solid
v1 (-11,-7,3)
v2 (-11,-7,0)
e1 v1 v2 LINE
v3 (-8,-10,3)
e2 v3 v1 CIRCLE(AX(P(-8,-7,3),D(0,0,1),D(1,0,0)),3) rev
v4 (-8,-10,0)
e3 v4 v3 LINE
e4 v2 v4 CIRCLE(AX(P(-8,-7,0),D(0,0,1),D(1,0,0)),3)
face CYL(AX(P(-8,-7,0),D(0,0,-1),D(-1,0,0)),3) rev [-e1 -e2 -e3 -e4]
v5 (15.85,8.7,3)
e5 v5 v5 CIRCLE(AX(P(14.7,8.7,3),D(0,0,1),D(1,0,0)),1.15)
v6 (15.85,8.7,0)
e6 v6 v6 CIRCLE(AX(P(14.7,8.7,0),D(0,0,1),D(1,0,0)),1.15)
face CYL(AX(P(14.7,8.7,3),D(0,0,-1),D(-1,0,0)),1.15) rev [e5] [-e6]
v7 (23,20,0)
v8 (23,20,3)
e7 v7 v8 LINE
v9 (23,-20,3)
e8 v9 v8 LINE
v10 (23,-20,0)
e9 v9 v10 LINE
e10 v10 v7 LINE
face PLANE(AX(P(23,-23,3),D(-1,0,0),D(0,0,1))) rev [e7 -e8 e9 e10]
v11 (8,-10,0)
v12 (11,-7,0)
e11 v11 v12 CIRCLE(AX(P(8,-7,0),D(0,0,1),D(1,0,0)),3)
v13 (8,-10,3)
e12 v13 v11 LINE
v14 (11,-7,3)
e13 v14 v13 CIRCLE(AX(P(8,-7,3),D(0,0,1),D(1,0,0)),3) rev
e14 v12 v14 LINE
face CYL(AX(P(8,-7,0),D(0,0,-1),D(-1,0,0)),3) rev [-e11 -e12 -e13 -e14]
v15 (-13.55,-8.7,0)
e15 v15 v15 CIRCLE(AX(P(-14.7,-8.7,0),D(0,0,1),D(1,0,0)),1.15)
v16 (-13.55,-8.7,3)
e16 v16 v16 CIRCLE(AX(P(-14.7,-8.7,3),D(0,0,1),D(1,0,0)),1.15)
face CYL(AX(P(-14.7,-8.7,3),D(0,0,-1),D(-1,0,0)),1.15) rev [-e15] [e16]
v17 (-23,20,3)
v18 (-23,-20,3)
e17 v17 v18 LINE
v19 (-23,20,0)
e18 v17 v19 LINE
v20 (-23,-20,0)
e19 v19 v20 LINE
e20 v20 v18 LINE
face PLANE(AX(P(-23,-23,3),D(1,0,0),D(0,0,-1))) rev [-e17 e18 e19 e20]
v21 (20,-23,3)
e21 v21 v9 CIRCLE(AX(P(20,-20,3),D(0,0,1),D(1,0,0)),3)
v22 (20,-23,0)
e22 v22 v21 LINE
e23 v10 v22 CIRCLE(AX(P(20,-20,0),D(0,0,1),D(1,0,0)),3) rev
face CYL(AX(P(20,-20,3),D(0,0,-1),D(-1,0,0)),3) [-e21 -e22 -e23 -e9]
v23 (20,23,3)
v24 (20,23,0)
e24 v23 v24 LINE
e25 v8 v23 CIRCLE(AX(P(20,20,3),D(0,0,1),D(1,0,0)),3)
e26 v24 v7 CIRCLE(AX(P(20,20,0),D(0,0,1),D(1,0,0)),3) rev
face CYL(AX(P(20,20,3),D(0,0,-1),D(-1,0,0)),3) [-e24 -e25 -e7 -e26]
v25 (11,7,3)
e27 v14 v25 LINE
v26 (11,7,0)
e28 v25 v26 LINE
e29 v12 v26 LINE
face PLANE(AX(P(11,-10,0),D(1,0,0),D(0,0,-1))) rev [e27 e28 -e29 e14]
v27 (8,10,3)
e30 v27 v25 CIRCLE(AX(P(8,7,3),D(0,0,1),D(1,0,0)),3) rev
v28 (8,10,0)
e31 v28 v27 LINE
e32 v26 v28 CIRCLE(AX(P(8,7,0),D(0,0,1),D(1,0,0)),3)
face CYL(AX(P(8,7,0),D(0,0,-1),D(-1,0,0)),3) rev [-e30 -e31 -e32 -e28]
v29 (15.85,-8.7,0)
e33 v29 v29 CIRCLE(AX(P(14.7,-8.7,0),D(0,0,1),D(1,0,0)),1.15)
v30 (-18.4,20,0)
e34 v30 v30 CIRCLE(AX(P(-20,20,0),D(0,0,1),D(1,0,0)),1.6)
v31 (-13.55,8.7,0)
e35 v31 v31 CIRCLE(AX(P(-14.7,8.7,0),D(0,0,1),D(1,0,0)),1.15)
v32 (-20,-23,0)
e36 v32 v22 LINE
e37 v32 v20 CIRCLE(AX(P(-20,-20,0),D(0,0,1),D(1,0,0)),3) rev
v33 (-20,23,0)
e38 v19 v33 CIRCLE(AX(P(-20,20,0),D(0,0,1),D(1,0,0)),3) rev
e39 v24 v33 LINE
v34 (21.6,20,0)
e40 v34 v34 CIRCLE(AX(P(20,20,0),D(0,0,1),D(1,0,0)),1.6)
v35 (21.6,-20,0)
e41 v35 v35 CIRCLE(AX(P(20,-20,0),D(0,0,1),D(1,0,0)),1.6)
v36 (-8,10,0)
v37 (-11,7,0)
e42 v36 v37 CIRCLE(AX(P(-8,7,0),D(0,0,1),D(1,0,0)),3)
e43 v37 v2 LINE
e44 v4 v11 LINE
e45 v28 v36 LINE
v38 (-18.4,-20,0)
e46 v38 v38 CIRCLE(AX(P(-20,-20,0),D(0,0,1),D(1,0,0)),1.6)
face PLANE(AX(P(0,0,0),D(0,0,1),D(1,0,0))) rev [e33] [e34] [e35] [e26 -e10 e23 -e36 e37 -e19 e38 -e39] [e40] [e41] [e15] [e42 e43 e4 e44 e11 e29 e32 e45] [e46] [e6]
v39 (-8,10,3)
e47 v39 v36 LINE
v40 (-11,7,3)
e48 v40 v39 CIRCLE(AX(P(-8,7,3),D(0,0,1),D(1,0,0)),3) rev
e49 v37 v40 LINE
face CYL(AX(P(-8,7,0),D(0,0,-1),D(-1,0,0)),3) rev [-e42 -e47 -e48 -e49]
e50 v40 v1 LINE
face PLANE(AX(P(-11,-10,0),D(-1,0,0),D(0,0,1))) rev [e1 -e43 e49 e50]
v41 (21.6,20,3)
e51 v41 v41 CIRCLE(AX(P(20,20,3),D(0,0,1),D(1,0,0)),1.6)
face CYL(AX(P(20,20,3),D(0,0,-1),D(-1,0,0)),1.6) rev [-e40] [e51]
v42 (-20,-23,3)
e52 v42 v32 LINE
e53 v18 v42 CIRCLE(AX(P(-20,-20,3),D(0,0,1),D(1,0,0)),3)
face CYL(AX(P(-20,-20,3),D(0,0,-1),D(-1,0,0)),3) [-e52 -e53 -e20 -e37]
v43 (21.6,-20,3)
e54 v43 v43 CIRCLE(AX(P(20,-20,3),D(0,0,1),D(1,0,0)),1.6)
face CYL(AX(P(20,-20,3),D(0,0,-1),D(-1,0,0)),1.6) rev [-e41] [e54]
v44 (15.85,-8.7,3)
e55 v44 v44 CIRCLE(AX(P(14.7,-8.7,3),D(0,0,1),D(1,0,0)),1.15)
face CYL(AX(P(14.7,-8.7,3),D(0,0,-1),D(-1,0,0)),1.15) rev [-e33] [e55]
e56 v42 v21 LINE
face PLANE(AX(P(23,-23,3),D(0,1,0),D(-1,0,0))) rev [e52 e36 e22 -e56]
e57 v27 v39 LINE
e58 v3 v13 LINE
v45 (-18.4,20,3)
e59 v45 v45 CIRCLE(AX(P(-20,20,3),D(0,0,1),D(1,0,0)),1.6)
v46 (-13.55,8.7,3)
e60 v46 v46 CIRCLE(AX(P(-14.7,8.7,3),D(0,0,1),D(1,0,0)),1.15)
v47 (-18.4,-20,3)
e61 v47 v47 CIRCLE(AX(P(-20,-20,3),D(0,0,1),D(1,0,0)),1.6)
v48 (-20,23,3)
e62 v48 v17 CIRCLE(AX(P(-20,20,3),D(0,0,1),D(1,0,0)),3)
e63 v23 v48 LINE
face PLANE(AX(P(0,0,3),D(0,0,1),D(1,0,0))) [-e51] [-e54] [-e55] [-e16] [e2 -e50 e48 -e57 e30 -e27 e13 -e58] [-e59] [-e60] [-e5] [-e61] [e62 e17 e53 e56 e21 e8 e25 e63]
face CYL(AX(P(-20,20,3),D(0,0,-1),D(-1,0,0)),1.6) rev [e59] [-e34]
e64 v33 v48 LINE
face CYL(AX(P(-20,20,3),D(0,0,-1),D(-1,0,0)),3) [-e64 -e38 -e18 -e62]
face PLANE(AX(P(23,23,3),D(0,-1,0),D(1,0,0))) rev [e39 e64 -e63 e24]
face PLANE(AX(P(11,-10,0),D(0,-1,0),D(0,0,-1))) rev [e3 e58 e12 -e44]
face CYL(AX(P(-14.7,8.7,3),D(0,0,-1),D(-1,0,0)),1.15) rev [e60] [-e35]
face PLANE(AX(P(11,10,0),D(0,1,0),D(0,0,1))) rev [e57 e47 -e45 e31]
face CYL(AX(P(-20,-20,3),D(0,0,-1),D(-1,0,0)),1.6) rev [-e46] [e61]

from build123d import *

# Parameters (mm, degrees)
SKETCH_1_W          = 46
SKETCH_1_H          = 46
SKETCH_1_R          = 1.6
SKETCH_1_R_2        = 1.15
EXTRUDE_1_DEPTH     = 3
FILLET_1_R          = 3
SKETCH_2_W          = 22
SKETCH_2_H          = 20
CUT_EXTRUDE_1_DEPTH = 3
FILLET_2_R          = 3


with BuildPart() as part:
    # 草图1 → 凸台-拉伸1 (new body)
    with BuildSketch(Plane.XY):
        Rectangle(SKETCH_1_W, SKETCH_1_H)
        with Locations((-20, 20)):
            Circle(SKETCH_1_R, mode=Mode.SUBTRACT)
        with Locations((20, 20)):
            Circle(SKETCH_1_R, mode=Mode.SUBTRACT)
        with Locations((20, -20)):
            Circle(SKETCH_1_R, mode=Mode.SUBTRACT)
        with Locations((-20, -20)):
            Circle(SKETCH_1_R, mode=Mode.SUBTRACT)
        with Locations((-14.7, 8.7)):
            Circle(SKETCH_1_R_2, mode=Mode.SUBTRACT)
        with Locations((14.7, 8.7)):
            Circle(SKETCH_1_R_2, mode=Mode.SUBTRACT)
        with Locations((14.7, -8.7)):
            Circle(SKETCH_1_R_2, mode=Mode.SUBTRACT)
        with Locations((-14.7, -8.7)):
            Circle(SKETCH_1_R_2, mode=Mode.SUBTRACT)
    extrude(amount=EXTRUDE_1_DEPTH)

    # 圆角1
    fillet_1_edges = [part.edges().sort_by_distance(p)[0] for p in [
        (-23, 23, 1.5),
        (23, 23, 1.5),
        (23, -23, 1.5),
        (-23, -23, 1.5),
    ]]
    fillet(fillet_1_edges, radius=FILLET_1_R)

    # 草图2 → 切除-拉伸1 (cut)
    with BuildSketch(Plane.XY.offset(3)):
        Rectangle(SKETCH_2_W, SKETCH_2_H)
    extrude(amount=-CUT_EXTRUDE_1_DEPTH, mode=Mode.SUBTRACT)

    # 圆角2
    fillet_2_edges = [part.edges().sort_by_distance(p)[0] for p in [
        (-11, -10, 1.5),
        (-11, 10, 1.5),
        (11, 10, 1.5),
        (11, -10, 1.5),
    ]]
    fillet(fillet_2_edges, radius=FILLET_2_R)


solid = part.part
